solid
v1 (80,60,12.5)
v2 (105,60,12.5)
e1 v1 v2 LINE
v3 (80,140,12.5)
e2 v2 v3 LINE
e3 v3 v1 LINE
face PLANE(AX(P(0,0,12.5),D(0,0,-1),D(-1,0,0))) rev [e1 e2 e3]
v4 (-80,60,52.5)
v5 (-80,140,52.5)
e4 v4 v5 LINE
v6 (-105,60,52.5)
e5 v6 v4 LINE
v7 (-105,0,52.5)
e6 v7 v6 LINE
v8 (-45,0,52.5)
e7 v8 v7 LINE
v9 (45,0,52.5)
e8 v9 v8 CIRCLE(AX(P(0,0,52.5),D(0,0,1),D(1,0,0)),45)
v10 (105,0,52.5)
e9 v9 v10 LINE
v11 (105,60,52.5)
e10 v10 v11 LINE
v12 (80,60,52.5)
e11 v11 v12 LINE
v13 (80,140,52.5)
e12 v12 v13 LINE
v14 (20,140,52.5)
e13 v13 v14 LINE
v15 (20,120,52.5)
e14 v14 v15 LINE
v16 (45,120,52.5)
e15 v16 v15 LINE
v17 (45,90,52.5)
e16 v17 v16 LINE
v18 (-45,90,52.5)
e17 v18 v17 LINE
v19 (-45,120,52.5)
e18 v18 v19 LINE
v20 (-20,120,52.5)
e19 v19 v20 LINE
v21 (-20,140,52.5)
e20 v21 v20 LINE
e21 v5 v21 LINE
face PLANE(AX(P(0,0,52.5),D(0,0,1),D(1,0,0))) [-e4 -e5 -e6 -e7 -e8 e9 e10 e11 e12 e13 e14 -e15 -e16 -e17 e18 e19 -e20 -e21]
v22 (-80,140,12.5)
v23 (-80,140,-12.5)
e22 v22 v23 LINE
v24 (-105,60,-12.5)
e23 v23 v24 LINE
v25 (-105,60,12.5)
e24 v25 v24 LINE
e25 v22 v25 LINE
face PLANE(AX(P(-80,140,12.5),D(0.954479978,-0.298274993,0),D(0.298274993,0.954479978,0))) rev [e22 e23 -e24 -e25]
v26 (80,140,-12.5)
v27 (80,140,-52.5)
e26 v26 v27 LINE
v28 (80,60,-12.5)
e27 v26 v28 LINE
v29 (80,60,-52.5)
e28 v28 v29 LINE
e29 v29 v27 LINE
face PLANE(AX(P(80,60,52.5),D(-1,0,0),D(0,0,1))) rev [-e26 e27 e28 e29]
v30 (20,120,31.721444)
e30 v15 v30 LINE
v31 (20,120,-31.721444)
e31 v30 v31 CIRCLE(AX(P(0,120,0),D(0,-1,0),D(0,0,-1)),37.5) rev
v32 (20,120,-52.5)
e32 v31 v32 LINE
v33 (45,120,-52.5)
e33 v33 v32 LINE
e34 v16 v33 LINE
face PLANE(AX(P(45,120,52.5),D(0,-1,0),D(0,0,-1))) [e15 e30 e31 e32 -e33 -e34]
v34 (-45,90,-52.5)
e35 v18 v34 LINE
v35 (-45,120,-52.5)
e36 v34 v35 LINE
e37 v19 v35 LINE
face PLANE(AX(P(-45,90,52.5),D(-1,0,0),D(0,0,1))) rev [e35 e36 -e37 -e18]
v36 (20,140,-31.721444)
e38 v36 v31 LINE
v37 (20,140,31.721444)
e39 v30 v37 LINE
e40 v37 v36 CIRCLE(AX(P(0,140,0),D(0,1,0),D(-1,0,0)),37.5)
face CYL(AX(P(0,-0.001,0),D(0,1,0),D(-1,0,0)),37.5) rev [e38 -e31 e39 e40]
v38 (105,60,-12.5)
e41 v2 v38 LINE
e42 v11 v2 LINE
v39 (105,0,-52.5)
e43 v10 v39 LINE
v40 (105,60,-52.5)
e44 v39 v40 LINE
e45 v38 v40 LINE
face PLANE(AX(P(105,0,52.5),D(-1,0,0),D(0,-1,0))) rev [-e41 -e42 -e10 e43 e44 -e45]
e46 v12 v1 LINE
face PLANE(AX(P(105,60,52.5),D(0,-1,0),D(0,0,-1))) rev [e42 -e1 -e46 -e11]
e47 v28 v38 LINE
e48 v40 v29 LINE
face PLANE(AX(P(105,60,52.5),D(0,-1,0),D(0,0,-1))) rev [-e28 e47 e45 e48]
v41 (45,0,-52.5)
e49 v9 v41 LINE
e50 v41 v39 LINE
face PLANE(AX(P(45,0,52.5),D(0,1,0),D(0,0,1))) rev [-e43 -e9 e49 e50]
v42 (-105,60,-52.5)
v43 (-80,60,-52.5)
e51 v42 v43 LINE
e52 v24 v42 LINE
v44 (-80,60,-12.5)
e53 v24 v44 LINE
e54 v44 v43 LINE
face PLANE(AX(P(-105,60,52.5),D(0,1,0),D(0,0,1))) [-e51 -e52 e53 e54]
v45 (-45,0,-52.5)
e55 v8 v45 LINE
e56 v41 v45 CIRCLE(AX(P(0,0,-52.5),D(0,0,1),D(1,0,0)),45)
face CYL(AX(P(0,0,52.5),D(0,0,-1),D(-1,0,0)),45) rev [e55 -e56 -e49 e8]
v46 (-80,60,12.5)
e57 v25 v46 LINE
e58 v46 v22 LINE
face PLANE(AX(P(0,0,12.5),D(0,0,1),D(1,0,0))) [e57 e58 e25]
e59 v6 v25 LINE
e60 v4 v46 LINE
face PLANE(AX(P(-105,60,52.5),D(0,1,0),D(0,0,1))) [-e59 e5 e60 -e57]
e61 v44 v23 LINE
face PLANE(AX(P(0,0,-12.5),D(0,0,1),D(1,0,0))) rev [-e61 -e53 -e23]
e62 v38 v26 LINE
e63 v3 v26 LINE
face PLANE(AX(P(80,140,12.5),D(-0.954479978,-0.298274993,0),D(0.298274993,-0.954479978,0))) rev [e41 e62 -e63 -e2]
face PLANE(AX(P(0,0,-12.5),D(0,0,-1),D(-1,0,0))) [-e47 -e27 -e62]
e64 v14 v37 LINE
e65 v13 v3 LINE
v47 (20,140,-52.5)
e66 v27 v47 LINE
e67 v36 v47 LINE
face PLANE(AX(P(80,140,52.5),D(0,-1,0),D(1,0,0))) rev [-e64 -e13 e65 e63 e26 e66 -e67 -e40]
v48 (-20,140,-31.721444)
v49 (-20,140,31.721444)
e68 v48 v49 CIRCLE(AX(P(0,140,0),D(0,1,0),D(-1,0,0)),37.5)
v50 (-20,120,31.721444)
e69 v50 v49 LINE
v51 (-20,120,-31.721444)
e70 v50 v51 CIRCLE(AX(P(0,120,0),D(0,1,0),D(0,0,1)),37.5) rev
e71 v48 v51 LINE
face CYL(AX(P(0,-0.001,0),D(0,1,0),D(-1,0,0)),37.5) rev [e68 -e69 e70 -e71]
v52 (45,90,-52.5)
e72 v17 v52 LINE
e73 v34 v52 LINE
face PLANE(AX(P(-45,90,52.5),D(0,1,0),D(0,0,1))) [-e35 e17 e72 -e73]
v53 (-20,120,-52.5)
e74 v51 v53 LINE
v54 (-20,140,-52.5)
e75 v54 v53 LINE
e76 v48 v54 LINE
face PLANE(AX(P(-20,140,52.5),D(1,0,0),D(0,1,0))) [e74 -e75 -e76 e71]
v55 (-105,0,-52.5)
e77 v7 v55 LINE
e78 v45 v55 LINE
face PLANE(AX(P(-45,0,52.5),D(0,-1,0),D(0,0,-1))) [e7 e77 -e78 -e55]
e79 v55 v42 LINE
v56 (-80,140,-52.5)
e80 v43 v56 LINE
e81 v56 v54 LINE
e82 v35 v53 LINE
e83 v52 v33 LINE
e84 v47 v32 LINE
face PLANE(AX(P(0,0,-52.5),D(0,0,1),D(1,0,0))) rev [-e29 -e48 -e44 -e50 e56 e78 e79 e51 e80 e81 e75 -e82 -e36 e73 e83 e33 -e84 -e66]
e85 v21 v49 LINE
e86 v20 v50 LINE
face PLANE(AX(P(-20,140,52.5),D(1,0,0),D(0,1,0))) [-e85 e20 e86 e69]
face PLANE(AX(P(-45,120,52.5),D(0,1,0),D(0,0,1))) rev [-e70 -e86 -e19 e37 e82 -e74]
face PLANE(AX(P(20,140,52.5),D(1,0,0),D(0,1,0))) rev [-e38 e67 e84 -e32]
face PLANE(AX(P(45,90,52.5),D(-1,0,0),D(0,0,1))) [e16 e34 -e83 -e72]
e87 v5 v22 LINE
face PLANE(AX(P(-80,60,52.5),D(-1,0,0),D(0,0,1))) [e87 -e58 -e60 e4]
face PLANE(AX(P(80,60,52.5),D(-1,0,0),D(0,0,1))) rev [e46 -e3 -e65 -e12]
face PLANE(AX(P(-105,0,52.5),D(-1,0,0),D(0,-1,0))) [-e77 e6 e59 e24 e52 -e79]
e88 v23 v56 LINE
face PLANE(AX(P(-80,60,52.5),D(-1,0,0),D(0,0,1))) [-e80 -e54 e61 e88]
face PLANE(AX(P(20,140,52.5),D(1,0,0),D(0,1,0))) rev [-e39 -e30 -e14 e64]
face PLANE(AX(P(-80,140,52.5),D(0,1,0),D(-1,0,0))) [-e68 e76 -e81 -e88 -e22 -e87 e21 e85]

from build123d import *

# Parameters (mm, degrees)
BOSS_EXTRUDE1_DEPTH = 52.5
CUT_EXTRUDE1_START  = -20
SKETCH2_R           = 37.5
CUT_EXTRUDE1_DEPTH  = 20
BOSS_EXTRUDE2_DEPTH = 12.5
BOSS_EXTRUDE3_DEPTH = 12.5


with BuildPart() as part:
    # Sketch1 → Boss-Extrude1 (new body, symmetric)
    with BuildSketch(Plane.XY):
        with BuildLine():
            Line((45, 0), (105, 0))
            Line((105, 0), (105, 60))
            Line((105, 60), (80, 60))
            Line((80, 60), (80, 140))
            Line((80, 140), (20, 140))
            Line((20, 140), (20, 120))
            Line((20, 120), (45, 120))
            Line((45, 120), (45, 90))
            Line((45, 90), (-45, 90))
            Line((-45, 90), (-45, 120))
            Line((-45, 120), (-20, 120))
            Line((-20, 120), (-20, 140))
            Line((-20, 140), (-80, 140))
            Line((-80, 140), (-80, 60))
            Line((-80, 60), (-105, 60))
            Line((-105, 60), (-105, 0))
            Line((-105, 0), (-45, 0))
            ThreePointArc((-45, 0), (0, 45), (45, 0))
        make_face()
    extrude(amount=BOSS_EXTRUDE1_DEPTH, both=True)

    # Sketch2 → Cut-Extrude1 (cut)
    with BuildSketch(Plane(origin=(0, 140, 0), x_dir=(1, 0, 0), z_dir=(0, 1, 0)).offset(CUT_EXTRUDE1_START)):
        Circle(SKETCH2_R)
    extrude(amount=CUT_EXTRUDE1_DEPTH, mode=Mode.SUBTRACT)

    # Sketch3 → Boss-Extrude2 (add, symmetric)
    with BuildSketch(Plane.XY):
        Polygon((105, 60), (80, 60), (80, 140), align=None)
    extrude(amount=BOSS_EXTRUDE2_DEPTH, both=True)

    # Sketch4 → Boss-Extrude3 (add, symmetric)
    with BuildSketch(Plane.XY):
        Polygon((-105, 60), (-80, 60), (-80, 140), align=None)
    extrude(amount=BOSS_EXTRUDE3_DEPTH, both=True)


solid = part.part
